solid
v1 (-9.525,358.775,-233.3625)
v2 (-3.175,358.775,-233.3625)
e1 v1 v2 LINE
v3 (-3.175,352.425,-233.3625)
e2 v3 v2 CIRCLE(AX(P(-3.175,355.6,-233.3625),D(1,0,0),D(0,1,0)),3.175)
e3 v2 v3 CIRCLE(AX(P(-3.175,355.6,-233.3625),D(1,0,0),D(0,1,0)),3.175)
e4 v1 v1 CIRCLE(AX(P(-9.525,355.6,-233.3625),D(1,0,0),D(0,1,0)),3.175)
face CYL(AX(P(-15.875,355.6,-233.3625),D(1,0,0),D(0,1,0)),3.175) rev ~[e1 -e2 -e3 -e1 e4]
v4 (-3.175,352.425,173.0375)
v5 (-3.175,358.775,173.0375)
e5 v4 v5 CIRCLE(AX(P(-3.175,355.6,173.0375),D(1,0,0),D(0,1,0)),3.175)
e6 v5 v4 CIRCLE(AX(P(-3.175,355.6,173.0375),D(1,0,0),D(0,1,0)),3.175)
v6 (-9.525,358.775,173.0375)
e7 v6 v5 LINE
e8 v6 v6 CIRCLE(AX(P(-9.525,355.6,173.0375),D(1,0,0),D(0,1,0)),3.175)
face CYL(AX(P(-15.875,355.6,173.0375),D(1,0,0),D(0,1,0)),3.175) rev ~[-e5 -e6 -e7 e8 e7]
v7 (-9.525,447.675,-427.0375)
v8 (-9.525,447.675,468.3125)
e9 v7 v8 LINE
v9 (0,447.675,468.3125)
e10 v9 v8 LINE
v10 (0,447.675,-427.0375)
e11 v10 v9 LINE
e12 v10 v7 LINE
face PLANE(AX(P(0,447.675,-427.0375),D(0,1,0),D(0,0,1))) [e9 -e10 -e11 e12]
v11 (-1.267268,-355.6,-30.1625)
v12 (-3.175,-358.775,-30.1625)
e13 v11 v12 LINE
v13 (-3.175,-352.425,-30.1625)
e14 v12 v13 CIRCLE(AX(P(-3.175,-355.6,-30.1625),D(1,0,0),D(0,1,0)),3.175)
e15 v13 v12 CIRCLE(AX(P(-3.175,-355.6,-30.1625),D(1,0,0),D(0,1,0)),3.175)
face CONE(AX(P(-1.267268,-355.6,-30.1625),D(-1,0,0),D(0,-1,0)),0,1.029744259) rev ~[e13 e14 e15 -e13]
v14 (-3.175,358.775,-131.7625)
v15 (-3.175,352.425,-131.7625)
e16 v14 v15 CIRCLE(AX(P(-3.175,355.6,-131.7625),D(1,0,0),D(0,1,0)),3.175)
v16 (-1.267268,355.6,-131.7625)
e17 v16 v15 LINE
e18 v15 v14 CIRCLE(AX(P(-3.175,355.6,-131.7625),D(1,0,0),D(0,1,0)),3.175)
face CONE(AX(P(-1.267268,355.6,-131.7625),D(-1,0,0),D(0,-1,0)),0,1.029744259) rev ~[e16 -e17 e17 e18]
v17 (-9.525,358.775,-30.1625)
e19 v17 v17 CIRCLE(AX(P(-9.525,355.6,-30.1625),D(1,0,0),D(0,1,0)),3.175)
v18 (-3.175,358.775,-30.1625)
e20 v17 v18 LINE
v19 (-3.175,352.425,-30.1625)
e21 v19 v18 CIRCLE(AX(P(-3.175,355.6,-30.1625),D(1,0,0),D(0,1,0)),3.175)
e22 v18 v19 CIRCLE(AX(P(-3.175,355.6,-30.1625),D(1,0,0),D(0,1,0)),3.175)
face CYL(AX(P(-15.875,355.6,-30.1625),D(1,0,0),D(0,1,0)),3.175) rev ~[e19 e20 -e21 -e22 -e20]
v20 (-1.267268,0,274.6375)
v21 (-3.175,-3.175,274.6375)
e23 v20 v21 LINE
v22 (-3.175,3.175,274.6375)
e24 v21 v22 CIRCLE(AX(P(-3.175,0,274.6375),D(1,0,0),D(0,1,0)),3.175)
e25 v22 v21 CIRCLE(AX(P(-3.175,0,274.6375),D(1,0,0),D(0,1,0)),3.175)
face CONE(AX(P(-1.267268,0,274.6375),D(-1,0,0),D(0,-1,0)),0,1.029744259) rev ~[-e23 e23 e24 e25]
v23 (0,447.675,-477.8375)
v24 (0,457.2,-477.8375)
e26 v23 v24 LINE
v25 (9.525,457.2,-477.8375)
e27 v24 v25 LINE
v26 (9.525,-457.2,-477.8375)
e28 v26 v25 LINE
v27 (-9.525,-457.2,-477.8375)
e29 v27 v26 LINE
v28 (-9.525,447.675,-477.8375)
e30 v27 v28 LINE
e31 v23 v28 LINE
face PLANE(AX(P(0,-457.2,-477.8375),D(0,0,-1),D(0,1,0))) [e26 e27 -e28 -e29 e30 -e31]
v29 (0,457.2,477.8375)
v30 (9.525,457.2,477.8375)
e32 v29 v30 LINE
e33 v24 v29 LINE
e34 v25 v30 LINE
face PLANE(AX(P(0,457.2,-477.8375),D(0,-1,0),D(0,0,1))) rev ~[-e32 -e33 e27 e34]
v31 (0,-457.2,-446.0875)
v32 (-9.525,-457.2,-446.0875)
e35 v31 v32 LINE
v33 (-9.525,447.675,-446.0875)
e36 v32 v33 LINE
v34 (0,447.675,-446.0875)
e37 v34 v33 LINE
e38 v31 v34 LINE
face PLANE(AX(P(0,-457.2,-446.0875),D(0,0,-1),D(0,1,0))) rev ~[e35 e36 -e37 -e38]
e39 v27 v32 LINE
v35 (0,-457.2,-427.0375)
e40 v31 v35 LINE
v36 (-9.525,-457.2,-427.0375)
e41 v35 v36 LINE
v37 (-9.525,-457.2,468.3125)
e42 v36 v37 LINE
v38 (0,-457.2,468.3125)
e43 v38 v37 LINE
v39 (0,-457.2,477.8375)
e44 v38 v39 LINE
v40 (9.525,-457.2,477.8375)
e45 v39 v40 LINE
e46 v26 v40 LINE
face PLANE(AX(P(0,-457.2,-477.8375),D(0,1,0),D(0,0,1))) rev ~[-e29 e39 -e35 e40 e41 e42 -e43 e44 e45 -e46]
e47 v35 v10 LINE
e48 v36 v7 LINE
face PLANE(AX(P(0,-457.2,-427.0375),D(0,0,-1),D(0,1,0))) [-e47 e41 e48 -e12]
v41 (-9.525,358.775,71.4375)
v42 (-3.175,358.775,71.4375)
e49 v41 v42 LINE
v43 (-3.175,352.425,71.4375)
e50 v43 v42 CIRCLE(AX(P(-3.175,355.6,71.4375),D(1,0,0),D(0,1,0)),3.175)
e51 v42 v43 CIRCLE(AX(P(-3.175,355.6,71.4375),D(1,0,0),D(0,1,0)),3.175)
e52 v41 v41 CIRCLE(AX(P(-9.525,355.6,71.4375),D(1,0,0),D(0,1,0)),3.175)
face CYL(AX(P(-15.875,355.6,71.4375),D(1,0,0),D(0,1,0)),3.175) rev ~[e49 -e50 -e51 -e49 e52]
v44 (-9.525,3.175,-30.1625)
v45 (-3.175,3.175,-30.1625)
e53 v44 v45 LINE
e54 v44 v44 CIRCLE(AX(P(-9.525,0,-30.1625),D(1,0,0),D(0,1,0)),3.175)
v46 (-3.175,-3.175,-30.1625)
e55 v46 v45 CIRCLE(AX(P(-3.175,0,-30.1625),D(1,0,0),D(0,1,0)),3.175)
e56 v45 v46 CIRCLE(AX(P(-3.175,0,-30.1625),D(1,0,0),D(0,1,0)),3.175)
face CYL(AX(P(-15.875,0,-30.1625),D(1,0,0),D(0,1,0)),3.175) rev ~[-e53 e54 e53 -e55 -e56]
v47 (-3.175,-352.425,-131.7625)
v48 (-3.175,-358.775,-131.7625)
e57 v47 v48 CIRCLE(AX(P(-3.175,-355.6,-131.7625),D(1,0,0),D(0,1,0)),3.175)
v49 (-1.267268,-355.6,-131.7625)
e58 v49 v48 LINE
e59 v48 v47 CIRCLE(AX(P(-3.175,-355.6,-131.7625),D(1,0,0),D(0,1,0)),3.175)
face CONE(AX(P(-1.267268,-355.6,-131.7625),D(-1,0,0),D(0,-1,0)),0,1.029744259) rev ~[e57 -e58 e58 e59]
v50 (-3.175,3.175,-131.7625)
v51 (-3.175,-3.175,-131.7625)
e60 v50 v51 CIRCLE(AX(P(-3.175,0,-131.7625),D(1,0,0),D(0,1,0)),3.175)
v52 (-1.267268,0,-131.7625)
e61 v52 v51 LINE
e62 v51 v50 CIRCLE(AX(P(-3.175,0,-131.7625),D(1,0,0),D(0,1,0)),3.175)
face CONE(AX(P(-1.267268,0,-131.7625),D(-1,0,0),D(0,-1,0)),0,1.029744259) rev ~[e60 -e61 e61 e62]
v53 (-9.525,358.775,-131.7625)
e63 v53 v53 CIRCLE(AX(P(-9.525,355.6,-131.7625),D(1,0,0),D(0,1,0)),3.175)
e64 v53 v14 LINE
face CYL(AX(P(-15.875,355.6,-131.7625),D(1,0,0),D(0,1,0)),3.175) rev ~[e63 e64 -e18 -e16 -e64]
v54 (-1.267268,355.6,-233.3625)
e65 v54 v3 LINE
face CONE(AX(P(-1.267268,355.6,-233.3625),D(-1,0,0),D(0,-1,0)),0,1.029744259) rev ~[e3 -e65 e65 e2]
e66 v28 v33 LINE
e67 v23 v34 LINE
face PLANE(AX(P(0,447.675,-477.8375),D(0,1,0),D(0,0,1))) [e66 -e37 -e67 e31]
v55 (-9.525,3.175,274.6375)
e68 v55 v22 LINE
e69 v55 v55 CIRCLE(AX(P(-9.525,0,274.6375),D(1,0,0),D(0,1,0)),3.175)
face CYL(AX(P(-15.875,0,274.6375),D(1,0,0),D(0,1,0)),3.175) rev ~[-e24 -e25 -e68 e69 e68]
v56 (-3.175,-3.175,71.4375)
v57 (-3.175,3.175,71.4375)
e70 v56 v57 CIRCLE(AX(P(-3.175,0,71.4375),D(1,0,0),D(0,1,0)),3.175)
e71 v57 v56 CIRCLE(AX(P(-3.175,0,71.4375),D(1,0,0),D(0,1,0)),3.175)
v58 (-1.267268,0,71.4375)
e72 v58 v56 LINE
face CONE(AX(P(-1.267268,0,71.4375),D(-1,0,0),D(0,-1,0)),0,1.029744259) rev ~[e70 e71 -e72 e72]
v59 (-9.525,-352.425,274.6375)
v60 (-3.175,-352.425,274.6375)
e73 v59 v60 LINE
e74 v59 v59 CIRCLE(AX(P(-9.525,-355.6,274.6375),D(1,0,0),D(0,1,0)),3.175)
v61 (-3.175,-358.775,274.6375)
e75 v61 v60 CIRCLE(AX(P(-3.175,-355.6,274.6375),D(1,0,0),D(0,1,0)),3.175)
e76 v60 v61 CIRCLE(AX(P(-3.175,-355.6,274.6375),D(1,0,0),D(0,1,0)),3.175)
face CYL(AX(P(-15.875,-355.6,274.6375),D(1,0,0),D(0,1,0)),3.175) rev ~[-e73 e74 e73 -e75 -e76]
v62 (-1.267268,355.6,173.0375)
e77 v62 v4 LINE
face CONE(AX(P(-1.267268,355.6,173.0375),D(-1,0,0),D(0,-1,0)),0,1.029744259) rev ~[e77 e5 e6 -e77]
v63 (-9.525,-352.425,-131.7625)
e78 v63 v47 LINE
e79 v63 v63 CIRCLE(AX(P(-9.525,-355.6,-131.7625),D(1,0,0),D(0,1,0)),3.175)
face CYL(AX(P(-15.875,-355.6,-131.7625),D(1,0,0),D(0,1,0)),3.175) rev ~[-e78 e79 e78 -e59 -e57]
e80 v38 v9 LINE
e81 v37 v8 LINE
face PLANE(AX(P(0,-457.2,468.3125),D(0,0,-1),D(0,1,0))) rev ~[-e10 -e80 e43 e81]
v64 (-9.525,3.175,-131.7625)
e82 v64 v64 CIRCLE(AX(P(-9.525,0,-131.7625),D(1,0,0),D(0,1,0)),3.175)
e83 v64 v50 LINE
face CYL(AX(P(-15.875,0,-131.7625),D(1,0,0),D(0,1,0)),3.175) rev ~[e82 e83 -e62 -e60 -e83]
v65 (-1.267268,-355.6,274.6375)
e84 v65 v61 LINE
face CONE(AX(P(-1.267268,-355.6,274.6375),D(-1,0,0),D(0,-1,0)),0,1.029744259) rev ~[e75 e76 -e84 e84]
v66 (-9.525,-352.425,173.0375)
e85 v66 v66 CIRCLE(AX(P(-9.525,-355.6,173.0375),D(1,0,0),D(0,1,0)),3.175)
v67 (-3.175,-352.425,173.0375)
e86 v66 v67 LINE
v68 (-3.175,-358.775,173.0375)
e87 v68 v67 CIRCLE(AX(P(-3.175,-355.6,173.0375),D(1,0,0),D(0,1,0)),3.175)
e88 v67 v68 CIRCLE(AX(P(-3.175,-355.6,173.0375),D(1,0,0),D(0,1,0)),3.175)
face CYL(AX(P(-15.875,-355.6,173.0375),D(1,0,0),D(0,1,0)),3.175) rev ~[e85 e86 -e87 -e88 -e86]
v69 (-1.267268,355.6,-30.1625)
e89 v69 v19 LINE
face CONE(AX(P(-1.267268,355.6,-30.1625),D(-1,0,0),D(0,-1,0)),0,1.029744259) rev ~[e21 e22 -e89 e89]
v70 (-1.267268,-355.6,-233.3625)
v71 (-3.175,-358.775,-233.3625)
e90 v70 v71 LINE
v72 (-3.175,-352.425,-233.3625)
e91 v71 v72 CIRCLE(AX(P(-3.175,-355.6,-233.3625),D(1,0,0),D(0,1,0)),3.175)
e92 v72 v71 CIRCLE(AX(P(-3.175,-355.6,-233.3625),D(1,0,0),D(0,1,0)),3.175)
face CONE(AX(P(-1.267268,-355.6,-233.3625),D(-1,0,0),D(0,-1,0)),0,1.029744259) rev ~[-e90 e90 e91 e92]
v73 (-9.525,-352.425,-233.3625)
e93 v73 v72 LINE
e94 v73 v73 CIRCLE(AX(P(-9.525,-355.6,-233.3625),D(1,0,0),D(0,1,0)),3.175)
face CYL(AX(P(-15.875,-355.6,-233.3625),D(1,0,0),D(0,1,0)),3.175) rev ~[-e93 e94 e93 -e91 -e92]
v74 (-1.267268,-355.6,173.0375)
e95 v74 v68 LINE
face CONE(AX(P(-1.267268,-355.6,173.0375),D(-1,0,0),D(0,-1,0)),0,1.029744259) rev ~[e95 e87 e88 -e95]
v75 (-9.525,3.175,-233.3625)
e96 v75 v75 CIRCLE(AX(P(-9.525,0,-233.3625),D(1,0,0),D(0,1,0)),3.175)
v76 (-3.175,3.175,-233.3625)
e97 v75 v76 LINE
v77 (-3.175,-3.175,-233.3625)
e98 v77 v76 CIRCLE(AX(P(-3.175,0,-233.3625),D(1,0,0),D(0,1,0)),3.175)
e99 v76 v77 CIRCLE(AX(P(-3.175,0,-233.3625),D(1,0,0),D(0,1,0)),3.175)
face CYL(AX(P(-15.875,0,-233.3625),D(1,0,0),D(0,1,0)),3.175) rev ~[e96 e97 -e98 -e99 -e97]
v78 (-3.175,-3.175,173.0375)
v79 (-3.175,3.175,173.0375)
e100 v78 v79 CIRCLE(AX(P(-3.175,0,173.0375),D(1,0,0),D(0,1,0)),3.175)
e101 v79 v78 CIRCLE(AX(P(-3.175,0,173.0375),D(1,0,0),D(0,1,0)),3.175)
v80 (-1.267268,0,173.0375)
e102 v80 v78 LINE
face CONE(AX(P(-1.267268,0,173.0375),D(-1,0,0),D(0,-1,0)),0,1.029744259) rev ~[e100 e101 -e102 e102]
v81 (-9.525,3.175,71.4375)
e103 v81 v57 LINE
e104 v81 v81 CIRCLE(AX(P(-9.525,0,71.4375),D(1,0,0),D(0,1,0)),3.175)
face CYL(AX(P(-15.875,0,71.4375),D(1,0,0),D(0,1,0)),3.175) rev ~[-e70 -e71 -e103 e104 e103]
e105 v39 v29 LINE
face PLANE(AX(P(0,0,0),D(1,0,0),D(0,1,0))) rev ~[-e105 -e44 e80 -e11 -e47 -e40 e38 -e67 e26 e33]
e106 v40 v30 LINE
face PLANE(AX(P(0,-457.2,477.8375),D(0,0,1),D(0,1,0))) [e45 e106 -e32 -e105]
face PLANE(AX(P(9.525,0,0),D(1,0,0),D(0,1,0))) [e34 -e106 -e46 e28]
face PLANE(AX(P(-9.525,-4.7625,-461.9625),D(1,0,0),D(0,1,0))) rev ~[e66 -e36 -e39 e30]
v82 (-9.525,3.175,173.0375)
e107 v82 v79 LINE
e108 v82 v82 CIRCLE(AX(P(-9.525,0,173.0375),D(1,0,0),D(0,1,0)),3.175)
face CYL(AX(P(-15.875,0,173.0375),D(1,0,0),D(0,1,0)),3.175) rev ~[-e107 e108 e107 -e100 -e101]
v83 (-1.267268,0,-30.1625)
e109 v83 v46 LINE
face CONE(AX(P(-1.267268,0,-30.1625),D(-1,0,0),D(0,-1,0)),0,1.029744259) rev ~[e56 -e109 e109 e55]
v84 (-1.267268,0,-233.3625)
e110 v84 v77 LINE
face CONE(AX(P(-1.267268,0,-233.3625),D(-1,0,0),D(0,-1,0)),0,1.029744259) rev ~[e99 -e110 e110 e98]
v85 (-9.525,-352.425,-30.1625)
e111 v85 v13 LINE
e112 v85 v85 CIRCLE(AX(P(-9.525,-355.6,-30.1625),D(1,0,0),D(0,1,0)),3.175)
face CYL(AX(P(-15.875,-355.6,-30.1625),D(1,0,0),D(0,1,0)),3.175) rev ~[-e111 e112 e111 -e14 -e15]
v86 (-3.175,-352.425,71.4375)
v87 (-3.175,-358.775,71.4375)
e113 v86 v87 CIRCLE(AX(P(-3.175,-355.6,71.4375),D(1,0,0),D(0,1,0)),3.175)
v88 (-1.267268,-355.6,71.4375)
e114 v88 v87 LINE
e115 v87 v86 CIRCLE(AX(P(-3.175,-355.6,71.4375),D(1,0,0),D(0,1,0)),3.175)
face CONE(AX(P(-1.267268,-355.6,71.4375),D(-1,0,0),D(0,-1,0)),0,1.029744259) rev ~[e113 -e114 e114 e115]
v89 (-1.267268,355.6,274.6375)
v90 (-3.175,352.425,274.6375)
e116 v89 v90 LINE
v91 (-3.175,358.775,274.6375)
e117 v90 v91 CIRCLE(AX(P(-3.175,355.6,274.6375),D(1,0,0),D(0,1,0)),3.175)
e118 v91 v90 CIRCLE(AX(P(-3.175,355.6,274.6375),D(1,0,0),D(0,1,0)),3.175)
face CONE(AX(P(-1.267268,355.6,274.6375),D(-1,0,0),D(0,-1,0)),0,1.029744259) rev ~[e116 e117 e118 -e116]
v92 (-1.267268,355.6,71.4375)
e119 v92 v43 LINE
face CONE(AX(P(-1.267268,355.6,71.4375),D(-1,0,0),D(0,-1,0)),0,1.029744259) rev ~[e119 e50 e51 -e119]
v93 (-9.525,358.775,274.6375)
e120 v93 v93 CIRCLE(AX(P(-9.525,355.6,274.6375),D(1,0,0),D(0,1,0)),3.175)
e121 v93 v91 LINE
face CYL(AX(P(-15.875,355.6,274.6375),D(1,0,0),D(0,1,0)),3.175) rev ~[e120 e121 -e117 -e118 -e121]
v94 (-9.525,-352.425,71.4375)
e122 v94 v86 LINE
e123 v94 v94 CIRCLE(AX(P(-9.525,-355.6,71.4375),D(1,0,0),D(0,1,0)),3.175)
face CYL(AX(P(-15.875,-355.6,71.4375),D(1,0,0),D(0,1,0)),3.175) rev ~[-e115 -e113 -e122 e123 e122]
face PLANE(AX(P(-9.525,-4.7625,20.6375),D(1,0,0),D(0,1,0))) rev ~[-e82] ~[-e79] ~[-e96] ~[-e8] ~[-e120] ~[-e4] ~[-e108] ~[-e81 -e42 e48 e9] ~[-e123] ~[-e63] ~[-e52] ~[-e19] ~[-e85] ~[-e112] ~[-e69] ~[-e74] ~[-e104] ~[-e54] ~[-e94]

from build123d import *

# Parameters (mm, degrees)
F0_W     = 914.4
F0_H     = 955.675
F2_DEPTH = 9.525
F1_W     = 904.875
F1_H     = 895.35
F1_H_2   = 31.75
F3_DEPTH = 9.525
F5_D     = 6.35
F5_DEPTH = 6.35
F5_TIP   = 1.9077324654


with BuildPart() as f2:
    # F0 (on Right) → F2 (new body)
    with BuildSketch(Plane.YZ):
        Rectangle(F0_W, F0_H)
    extrude(amount=F2_DEPTH)

    # F1 (on face) → F3 (join)
    with BuildSketch(Plane.YZ):
        with Locations((-4.7625, 20.6375)):
            Rectangle(F1_W, F1_H)
        with Locations((-4.7625, -461.9625)):
            Rectangle(F1_W, F1_H_2)
    extrude(amount=-F3_DEPTH)

    # F5
    with Locations(Plane(origin=(-9.525, 0, 0), x_dir=(0, -1, 0), z_dir=(-1, 0, 0))):
        with Locations((-355.6, 274.6375), (355.6, -233.3625), (-355.6, -30.1625), (355.6, 71.4375), (355.6, -30.1625), (0, -30.1625), (0, -233.3625), (355.6, 274.6375), (0, -131.7625), (0, 71.4375), (-355.6, 71.4375), (-355.6, -131.7625), (0, 274.6375), (-355.6, 173.0375), (355.6, 173.0375), (0, 173.0375), (355.6, -131.7625), (-355.6, -233.3625)):
            Hole(F5_D / 2, depth=F5_DEPTH)
            with Locations((0, 0, -(F5_DEPTH + F5_TIP / 2))):  # 118° drill point
                Cone(0, F5_D / 2, F5_TIP, mode=Mode.SUBTRACT)


solid = f2.part
